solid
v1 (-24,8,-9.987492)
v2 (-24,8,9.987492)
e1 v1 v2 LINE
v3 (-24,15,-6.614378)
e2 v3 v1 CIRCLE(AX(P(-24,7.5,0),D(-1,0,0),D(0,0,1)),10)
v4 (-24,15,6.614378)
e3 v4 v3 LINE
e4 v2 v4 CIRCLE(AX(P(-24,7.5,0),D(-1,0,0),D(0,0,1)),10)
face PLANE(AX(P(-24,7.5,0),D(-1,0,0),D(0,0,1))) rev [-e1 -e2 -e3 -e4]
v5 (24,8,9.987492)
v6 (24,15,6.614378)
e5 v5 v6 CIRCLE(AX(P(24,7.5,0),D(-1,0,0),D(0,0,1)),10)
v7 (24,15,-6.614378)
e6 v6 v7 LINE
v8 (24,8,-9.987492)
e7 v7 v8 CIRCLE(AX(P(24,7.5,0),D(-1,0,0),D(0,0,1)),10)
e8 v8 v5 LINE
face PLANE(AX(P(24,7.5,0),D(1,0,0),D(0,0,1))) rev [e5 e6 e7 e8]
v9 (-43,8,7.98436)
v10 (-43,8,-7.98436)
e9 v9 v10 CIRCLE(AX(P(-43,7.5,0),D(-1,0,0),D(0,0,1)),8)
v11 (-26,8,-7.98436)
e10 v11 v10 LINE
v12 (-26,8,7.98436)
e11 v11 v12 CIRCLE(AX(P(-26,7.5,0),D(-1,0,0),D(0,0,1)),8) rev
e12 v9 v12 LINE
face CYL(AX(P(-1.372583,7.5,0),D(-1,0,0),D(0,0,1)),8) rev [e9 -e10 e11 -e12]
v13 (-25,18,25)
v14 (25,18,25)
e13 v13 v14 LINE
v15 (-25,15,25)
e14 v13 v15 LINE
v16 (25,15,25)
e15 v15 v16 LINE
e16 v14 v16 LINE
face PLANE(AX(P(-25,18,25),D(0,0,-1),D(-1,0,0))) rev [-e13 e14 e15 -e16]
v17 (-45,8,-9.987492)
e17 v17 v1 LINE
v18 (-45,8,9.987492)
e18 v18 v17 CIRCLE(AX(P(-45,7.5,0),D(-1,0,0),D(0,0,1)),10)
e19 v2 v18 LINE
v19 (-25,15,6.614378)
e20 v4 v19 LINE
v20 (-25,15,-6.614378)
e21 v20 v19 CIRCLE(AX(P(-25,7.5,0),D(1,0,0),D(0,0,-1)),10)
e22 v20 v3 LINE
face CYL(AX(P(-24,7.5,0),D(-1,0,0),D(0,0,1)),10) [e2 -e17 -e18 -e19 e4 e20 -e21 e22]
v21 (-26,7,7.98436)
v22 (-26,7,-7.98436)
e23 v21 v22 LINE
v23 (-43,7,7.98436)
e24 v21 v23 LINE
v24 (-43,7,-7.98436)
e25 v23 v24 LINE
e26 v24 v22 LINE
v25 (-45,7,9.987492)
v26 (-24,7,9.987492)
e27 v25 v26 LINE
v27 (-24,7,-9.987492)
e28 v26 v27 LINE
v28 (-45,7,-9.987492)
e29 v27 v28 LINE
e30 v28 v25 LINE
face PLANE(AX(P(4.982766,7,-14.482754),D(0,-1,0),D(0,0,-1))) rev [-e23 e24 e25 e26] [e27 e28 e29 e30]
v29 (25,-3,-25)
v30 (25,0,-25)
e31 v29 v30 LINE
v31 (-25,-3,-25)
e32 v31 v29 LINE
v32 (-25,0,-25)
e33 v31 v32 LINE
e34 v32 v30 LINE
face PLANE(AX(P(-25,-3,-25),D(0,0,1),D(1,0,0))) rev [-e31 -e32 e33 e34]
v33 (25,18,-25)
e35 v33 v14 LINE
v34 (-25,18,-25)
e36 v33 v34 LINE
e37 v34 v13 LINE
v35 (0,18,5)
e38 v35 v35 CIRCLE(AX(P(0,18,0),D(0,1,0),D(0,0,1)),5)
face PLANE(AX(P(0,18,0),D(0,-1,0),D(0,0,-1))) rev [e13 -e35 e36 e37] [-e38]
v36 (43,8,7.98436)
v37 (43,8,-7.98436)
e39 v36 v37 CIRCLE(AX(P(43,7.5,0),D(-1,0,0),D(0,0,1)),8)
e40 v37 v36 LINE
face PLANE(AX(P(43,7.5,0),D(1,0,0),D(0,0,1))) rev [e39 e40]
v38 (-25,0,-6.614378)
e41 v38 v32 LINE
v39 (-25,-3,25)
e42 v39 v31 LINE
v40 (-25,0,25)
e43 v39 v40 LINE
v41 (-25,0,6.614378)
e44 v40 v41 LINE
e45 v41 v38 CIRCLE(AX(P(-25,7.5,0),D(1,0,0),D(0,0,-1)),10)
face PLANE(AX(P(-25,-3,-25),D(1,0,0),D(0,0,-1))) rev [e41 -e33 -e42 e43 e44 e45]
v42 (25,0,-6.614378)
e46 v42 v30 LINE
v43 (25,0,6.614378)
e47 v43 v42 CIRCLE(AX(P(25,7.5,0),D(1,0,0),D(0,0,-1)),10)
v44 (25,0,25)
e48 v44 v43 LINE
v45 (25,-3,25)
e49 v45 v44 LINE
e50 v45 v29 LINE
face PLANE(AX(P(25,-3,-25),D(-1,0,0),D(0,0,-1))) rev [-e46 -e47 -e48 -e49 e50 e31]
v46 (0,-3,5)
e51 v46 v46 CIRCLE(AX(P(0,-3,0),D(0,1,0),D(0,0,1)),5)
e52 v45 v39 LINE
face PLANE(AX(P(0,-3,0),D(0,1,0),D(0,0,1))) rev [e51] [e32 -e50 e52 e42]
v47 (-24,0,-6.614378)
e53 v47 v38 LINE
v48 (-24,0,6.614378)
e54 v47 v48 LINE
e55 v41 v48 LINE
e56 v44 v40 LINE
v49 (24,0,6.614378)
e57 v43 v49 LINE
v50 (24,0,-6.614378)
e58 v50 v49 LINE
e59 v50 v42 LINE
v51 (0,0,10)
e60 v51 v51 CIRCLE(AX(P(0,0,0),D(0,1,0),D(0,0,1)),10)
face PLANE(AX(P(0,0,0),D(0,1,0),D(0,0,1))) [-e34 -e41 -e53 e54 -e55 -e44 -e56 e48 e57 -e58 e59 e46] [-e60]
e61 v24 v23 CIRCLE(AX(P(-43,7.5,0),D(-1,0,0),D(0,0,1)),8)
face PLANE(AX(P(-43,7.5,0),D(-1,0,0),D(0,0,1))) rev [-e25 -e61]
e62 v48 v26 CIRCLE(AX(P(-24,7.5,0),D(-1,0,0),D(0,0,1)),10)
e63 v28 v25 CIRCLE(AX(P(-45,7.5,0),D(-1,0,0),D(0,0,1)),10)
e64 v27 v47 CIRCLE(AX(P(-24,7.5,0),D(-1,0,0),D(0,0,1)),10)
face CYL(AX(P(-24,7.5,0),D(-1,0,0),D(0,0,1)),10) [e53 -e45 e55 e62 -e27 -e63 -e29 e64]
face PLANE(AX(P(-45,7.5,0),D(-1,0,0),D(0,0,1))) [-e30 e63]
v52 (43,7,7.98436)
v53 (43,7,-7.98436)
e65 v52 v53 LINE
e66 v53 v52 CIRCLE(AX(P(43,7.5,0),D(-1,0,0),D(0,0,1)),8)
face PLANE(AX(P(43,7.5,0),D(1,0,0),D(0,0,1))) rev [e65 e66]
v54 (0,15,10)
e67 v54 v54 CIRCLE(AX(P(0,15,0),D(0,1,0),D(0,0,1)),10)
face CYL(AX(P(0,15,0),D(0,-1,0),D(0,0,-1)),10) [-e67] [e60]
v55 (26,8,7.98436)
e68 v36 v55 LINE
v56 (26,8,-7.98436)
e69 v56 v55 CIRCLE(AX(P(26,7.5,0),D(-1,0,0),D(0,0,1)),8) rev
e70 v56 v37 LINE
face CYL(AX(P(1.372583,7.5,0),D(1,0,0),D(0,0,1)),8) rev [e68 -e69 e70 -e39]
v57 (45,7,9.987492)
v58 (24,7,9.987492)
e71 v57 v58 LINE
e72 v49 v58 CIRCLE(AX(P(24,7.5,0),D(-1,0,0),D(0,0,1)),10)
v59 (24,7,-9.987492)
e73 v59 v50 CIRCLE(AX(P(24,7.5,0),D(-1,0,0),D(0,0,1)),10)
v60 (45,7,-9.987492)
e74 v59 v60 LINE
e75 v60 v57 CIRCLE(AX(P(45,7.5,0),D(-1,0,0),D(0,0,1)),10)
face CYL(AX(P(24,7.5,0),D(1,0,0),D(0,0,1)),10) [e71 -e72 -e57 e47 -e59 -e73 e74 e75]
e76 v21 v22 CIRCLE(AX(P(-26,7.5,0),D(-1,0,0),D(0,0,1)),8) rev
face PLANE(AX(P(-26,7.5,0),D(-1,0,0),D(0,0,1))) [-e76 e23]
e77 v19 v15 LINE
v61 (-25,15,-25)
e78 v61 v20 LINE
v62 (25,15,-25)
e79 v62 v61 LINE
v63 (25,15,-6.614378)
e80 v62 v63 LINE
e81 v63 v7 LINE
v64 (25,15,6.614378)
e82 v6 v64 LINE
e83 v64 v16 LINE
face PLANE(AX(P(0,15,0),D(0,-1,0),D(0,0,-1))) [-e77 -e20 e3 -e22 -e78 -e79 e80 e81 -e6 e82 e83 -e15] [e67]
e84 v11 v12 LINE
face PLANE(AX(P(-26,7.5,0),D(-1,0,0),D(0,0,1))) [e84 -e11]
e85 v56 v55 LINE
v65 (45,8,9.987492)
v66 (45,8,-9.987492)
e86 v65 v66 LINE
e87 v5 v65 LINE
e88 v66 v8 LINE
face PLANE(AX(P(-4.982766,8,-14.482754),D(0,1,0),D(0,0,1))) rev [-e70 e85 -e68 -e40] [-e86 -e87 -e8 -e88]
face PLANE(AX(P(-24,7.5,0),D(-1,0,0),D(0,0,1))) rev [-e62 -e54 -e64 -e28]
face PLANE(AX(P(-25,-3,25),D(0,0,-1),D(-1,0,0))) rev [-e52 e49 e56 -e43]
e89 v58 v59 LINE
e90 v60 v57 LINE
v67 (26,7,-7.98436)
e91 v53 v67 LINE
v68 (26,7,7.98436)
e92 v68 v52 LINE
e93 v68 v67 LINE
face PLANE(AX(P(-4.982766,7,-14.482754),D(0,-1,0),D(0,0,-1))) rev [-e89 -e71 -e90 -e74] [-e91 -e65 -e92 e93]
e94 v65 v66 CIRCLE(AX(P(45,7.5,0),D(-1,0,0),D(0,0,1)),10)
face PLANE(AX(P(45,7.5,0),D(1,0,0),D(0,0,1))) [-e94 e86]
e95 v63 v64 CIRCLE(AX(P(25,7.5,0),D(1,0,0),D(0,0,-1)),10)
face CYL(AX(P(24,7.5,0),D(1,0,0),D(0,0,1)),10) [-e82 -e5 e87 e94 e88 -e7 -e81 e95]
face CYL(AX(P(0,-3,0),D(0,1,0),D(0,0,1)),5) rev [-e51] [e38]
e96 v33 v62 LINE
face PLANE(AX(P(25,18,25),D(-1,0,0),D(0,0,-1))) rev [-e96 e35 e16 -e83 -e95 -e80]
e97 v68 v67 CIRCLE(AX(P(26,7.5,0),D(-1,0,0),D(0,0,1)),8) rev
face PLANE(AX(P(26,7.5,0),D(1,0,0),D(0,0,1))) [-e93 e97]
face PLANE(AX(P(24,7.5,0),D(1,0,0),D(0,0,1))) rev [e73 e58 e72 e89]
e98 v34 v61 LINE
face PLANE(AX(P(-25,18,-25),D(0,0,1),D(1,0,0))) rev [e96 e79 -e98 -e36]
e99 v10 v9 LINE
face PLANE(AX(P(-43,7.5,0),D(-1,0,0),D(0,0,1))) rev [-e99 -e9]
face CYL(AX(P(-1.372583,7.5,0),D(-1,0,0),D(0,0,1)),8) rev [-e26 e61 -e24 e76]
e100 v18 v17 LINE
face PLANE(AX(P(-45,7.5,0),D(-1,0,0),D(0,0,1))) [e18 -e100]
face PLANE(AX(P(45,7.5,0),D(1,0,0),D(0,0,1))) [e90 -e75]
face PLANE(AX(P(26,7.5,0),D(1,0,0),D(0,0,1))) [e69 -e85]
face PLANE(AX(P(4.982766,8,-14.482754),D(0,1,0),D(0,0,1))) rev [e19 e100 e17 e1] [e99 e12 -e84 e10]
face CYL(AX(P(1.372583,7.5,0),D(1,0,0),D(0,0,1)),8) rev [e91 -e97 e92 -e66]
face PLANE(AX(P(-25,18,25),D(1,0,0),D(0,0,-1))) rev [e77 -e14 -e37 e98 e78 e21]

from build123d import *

# Parameters (mm, degrees)
SKETCH1_R                = 10
BOSS_EXTRUDE1_DEPTH      = 15
SKETCH3_W                = 50
SKETCH3_H                = 50
BOSS_EXTRUDE2_DEPTH      = 3
SKETCH5_W                = 50
SKETCH5_H                = 50
BOSS_EXTRUDE4_DEPTH      = 3
SKETCH7_R                = 10
BOSS_EXTRUDE5_DEPTH      = 20
BOSS_EXTRUDE5_DEPTH_BACK = 1
SKETCH8_R                = 10
BOSS_EXTRUDE6_DEPTH      = 20
BOSS_EXTRUDE6_DEPTH_BACK = 1
SKETCH9_W                = 28.965508976
SKETCH9_H                = 1
CUT_EXTRUDE2_DEPTH       = 21
SKETCH10_W               = 34.685430092
SKETCH10_H               = 1
CUT_EXTRUDE3_DEPTH       = 21
SKETCH6_R                = 5
CUT_EXTRUDE4_DEPTH       = 56.596762496
CUT_EXTRUDE5_START       = -2
SKETCH11_R               = 8
CUT_EXTRUDE5_DEPTH       = 17


with BuildPart() as part:
    # Sketch1 → Boss-Extrude1 (new body)
    with BuildSketch(Plane(origin=(0, 0, 0), x_dir=(1, 0, 0), z_dir=(0, 1, 0))):
        with Locations(Location((0, 0, 0), (0, 0, 270))):
            Circle(SKETCH1_R)
    extrude(amount=BOSS_EXTRUDE1_DEPTH)

    # Sketch3 → Boss-Extrude2 (add)
    with BuildSketch(Plane.XZ):
        Rectangle(SKETCH3_W, SKETCH3_H)
    extrude(amount=BOSS_EXTRUDE2_DEPTH)

    # Sketch5 → Boss-Extrude4 (add)
    with BuildSketch(Plane(origin=(0, 15, 0), x_dir=(1, 0, 0), z_dir=(0, 1, 0))):
        Rectangle(SKETCH5_W, SKETCH5_H)
    extrude(amount=BOSS_EXTRUDE4_DEPTH)

    # Sketch7 → Boss-Extrude5 (add, two sides)
    with BuildSketch(Plane.ZY.offset(25)) as boss_extrude5_sk:
        with Locations((0, 7.5)):
            Circle(SKETCH7_R)
    extrude(amount=BOSS_EXTRUDE5_DEPTH)
    extrude(boss_extrude5_sk.sketch, amount=-BOSS_EXTRUDE5_DEPTH_BACK)

    # Sketch8 → Boss-Extrude6 (add, two sides)
    with BuildSketch(Plane(origin=(25, 0, 0), x_dir=(0, 0, -1), z_dir=(1, 0, 0))) as boss_extrude6_sk:
        with Locations(Location((0, 7.5, 0), (0, 0, 180))):
            Circle(SKETCH8_R)
    extrude(amount=BOSS_EXTRUDE6_DEPTH)
    extrude(boss_extrude6_sk.sketch, amount=-BOSS_EXTRUDE6_DEPTH_BACK)

    # Sketch9 → Cut-Extrude2 (cut)
    with BuildSketch(Plane.ZY.offset(45)):
        with Locations((0, 7.5)):
            Rectangle(SKETCH9_W, SKETCH9_H)
    extrude(amount=-CUT_EXTRUDE2_DEPTH, mode=Mode.SUBTRACT)

    # Sketch10 → Cut-Extrude3 (cut)
    with BuildSketch(Plane(origin=(45, 0, 0), x_dir=(0, 0, -1), z_dir=(1, 0, 0))):
        with Locations((0, 7.5)):
            Rectangle(SKETCH10_W, SKETCH10_H)
    extrude(amount=-CUT_EXTRUDE3_DEPTH, mode=Mode.SUBTRACT)

    # Sketch6 → Cut-Extrude4 (cut, through all)
    with BuildSketch(Plane(origin=(0, 18, 0), x_dir=(1, 0, 0), z_dir=(0, 1, 0))):
        with Locations(Location((0, 0, 0), (0, 0, 270))):
            Circle(SKETCH6_R)
    extrude(amount=-CUT_EXTRUDE4_DEPTH, mode=Mode.SUBTRACT)

    # Sketch11 → Cut-Extrude5 (cut)
    with BuildSketch(Plane.ZY.offset(45).offset(CUT_EXTRUDE5_START)):
        with Locations((0, 7.5)):
            Circle(SKETCH11_R)
    extrude(amount=-CUT_EXTRUDE5_DEPTH, mode=Mode.SUBTRACT)

    # SurfaceCut1
    split(bisect_by=Plane(origin=(0, 0, 0), x_dir=(0, 0, -1), z_dir=(1, 0, 0)), keep=Keep.BOTTOM)

    # Mirror2: part across plane


with BuildPart() as part_1:
    add(part.part)
    add(part.part.mirror(Plane(origin=(0, 0, 0), x_dir=(0, 0, 1), z_dir=(1, 0, 0))))


solid = part_1.part
